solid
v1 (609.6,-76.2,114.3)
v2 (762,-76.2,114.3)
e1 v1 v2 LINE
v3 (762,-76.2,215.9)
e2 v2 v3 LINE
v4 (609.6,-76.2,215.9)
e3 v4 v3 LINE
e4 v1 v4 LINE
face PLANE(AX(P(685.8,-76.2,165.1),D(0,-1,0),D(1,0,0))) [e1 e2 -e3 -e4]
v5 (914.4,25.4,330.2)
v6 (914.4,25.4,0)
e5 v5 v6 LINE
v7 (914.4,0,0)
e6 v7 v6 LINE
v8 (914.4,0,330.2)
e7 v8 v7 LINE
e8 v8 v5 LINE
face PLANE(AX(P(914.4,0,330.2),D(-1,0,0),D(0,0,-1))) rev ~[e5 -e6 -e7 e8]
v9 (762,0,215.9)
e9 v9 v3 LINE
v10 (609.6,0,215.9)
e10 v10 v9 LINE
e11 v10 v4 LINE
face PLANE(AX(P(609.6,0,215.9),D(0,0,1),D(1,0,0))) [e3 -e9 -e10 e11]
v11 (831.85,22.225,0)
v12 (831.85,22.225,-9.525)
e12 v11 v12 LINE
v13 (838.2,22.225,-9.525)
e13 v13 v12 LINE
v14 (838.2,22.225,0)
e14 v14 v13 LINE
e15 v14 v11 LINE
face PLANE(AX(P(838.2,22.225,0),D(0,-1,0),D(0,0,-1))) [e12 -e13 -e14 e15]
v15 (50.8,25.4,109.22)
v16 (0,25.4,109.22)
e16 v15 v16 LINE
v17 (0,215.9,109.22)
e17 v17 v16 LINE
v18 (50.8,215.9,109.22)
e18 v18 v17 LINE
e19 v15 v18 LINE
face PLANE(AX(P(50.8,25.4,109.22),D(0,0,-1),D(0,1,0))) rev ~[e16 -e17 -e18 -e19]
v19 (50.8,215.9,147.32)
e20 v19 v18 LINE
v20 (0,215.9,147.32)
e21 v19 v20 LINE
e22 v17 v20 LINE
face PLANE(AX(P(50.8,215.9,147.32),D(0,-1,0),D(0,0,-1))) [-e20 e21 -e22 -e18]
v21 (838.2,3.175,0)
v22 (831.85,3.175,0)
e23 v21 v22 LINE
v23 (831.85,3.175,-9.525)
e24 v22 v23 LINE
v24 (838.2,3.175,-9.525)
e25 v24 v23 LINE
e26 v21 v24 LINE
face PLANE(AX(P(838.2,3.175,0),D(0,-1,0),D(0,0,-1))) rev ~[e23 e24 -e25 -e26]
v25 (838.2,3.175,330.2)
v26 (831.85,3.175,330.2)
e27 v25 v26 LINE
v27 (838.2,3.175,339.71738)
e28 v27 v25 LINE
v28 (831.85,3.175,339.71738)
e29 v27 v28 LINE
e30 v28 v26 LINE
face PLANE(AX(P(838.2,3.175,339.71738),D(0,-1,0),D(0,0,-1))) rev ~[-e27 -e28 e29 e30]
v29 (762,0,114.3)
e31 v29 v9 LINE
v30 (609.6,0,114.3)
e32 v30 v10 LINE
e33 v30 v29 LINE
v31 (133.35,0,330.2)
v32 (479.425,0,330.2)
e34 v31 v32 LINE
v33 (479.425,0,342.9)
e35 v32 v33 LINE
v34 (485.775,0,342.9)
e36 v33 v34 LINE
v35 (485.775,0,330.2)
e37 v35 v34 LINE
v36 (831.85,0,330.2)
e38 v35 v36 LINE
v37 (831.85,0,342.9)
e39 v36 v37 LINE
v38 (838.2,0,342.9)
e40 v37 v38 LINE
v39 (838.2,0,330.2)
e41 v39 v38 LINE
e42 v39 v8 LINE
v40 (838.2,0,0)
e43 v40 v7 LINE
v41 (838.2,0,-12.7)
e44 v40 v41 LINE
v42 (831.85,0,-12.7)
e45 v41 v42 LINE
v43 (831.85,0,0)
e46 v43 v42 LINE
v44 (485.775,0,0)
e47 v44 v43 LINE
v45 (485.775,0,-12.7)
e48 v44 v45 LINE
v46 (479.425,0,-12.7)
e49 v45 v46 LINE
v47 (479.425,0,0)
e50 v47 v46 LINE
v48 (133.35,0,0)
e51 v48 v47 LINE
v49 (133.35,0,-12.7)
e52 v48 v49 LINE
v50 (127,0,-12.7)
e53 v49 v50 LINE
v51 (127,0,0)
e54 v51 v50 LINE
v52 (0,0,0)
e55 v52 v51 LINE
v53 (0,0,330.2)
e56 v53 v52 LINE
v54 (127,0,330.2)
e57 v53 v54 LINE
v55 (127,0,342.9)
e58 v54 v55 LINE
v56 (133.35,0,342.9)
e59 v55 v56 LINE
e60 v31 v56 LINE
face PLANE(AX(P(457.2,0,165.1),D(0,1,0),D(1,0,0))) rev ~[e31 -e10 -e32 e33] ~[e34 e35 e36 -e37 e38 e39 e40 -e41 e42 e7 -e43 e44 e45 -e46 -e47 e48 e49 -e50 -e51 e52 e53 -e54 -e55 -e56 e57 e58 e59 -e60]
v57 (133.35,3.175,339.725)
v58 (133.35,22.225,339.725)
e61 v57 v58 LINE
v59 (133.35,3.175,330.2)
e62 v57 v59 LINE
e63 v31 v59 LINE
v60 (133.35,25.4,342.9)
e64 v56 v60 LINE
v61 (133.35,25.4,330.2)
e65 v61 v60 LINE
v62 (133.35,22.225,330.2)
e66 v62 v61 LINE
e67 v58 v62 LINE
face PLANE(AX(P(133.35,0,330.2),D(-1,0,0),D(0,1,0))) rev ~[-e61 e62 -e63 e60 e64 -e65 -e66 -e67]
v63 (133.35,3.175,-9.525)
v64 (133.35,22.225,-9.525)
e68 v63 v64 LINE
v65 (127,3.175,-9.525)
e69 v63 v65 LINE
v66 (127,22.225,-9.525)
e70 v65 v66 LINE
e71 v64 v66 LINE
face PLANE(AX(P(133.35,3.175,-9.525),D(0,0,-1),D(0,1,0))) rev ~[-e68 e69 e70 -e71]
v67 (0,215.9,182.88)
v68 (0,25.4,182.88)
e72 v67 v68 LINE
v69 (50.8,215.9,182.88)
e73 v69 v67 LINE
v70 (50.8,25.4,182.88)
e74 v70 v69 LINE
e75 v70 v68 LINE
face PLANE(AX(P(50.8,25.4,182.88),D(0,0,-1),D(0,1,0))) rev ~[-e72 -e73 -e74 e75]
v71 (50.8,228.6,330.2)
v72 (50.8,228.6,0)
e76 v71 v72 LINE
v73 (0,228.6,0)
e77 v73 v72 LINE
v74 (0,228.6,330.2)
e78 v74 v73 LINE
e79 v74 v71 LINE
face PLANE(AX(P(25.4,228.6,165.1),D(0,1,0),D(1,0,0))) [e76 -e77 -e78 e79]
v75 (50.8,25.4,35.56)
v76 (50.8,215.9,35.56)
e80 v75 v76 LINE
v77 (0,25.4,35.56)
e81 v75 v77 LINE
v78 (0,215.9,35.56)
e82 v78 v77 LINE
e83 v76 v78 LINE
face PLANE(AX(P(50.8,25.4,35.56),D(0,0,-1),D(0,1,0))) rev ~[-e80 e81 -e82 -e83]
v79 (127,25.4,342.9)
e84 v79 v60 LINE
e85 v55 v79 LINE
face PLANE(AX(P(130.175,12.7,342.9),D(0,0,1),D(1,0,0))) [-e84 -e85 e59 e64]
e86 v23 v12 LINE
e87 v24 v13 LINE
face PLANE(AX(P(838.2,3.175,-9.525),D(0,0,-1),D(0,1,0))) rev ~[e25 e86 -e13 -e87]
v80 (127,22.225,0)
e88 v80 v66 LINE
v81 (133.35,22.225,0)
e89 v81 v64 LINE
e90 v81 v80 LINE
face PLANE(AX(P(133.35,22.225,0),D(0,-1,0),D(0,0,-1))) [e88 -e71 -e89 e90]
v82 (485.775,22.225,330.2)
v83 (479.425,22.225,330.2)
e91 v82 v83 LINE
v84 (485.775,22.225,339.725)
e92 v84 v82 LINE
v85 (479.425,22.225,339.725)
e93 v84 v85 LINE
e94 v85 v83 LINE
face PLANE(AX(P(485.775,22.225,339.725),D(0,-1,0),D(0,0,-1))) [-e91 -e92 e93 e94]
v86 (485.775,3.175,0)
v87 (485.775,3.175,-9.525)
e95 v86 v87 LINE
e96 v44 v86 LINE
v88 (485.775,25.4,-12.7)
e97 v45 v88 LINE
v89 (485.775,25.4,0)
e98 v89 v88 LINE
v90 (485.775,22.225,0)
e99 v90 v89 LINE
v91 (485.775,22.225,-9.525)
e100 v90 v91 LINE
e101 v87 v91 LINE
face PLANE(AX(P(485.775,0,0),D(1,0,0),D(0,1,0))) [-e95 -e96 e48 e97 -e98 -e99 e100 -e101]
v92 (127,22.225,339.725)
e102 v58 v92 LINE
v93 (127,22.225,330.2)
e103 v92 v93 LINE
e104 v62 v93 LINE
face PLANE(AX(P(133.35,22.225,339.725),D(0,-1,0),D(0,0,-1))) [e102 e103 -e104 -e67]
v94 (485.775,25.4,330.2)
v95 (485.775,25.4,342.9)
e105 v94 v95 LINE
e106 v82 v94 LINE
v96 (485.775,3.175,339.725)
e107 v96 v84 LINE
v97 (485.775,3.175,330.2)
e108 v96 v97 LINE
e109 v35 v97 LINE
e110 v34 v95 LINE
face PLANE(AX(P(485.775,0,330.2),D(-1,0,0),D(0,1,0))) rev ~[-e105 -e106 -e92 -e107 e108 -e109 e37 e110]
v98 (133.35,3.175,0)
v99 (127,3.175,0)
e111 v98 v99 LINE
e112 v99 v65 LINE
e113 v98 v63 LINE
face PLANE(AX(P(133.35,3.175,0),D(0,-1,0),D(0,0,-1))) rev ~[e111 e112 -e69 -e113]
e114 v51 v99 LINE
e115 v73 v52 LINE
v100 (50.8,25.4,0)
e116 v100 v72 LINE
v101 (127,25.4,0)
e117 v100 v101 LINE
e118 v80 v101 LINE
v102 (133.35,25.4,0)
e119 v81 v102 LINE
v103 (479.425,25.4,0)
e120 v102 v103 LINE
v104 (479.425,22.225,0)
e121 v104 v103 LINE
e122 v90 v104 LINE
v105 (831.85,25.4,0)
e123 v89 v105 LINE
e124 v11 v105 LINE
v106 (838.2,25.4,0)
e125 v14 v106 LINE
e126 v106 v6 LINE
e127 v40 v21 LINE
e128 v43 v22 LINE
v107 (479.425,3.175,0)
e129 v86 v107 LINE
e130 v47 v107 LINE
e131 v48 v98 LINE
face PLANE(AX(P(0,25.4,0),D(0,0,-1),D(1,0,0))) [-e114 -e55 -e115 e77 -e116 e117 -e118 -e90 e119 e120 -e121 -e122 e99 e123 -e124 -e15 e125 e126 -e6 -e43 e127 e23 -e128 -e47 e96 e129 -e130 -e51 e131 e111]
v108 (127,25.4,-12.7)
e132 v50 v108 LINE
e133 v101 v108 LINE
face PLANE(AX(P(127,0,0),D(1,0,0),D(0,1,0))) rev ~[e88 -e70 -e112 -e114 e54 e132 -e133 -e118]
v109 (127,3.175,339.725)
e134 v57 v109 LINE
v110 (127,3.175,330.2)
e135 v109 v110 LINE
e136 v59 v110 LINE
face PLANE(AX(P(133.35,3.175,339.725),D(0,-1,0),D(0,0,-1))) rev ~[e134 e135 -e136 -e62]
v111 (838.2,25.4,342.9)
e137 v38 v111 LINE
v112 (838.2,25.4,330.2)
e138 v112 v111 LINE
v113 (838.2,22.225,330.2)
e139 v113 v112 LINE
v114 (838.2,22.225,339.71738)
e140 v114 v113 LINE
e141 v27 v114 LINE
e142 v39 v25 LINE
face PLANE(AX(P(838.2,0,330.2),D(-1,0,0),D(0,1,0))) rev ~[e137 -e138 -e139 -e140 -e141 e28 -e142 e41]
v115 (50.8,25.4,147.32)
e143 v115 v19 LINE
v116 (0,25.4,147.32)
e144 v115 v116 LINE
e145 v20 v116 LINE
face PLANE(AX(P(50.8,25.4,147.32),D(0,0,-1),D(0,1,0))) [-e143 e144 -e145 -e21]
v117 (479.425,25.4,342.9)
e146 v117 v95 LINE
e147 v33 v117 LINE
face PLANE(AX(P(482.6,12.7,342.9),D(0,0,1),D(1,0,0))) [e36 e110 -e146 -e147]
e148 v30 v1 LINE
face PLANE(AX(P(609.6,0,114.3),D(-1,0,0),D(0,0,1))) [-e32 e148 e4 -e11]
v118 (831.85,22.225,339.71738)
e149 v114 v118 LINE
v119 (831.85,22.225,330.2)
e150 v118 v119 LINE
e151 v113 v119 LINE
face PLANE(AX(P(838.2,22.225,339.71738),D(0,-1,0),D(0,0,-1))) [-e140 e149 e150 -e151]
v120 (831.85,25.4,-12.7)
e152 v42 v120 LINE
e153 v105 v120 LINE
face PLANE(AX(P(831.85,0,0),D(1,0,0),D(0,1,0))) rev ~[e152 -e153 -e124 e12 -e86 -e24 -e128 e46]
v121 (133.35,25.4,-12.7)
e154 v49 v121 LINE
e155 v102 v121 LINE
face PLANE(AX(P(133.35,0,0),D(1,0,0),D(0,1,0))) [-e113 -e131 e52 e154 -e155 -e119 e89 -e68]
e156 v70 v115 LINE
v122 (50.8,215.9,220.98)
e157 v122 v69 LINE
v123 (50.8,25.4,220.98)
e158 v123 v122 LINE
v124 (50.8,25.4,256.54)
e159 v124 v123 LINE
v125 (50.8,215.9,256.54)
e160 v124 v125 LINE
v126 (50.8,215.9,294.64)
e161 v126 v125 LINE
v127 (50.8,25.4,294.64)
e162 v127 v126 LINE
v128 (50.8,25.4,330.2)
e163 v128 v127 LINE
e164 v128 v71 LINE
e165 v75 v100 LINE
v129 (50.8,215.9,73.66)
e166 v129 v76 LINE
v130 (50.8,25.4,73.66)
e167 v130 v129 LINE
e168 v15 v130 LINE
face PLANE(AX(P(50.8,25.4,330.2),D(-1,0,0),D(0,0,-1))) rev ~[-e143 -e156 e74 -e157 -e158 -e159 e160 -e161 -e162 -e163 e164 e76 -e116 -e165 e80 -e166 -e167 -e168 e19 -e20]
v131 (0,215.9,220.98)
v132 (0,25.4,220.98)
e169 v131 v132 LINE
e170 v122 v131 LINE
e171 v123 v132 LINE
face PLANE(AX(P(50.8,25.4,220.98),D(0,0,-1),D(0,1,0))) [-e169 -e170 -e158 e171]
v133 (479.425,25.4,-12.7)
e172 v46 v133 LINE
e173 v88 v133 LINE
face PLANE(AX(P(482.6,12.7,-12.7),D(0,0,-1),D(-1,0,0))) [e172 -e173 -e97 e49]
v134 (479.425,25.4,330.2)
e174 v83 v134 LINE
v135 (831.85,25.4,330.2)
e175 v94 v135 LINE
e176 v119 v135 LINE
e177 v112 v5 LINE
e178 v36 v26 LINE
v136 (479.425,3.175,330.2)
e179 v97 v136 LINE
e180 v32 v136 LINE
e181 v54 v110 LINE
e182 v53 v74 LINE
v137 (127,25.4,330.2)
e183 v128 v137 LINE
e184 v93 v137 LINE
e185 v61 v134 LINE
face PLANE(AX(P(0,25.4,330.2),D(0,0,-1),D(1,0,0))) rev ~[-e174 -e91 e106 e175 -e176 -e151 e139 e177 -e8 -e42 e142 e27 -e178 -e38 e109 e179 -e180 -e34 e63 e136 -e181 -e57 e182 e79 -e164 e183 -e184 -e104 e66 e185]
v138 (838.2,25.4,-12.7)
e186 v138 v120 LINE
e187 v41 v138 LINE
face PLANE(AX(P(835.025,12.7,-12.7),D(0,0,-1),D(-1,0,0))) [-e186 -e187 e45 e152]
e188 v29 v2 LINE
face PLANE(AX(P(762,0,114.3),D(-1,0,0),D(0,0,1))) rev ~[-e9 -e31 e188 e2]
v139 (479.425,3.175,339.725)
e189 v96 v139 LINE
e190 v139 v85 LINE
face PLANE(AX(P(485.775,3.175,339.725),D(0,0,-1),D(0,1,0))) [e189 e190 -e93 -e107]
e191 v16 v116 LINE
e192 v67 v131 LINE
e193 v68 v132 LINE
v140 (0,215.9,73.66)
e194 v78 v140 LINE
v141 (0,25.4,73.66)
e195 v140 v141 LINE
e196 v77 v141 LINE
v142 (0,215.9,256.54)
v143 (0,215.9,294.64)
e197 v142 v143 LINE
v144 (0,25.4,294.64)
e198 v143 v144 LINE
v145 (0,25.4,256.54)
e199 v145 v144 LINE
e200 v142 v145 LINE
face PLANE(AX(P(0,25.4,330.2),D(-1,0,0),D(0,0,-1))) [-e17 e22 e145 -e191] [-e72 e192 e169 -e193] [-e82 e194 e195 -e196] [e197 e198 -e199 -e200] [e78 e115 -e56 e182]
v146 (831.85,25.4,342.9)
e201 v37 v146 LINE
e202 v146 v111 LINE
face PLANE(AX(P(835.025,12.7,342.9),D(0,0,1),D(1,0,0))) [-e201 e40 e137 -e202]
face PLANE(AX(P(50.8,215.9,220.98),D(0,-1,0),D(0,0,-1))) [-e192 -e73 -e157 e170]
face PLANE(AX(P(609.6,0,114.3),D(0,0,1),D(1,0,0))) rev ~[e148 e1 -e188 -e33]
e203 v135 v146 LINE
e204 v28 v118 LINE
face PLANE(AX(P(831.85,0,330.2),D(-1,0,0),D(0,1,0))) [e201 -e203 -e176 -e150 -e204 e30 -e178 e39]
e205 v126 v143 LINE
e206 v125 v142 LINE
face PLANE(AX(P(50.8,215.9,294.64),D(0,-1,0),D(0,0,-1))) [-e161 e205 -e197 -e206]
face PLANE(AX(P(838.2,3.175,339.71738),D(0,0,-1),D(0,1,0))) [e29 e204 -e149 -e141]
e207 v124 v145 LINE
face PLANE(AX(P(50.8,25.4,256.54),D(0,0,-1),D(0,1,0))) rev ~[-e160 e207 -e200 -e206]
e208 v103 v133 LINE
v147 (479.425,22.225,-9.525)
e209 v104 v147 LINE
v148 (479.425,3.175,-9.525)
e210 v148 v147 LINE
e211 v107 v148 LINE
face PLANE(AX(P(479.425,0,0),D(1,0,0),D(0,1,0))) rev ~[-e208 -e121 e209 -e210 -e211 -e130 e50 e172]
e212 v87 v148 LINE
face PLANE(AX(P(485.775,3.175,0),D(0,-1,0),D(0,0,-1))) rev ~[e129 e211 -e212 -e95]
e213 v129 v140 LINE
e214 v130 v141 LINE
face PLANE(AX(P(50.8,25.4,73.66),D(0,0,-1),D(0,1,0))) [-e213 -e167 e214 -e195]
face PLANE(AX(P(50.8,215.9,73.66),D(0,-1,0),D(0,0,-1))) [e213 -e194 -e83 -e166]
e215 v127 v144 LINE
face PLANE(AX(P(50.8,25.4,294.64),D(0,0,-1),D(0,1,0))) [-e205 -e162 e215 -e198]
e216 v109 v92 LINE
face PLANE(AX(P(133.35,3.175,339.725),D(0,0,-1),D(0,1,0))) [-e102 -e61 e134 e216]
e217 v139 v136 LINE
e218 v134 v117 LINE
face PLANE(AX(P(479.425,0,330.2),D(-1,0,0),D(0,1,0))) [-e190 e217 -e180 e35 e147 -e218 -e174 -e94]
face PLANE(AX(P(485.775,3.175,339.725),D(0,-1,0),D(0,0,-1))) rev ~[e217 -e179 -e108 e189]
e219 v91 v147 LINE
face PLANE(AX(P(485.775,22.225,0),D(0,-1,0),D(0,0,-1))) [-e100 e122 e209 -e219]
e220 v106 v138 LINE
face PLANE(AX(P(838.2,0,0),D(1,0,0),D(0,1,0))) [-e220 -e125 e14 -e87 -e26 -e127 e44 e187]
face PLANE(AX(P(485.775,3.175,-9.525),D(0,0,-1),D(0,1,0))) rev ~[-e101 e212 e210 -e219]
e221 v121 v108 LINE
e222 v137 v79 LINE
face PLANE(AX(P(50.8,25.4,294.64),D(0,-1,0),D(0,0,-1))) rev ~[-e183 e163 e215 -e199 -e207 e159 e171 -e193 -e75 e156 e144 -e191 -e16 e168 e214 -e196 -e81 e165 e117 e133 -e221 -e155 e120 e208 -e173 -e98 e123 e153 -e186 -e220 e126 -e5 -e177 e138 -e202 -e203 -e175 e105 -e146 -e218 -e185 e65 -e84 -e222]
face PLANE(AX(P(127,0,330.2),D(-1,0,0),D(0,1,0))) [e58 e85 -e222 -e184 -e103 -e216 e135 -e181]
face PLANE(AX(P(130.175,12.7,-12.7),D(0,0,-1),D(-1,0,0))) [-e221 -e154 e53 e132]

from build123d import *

# Parameters (mm, degrees)
SKETCH1_W           = 914.4
SKETCH1_H           = 330.2
BOSS_EXTRUDE1_DEPTH = 25.4
SKETCH2_W           = 50.8
SKETCH2_H           = 330.2
BOSS_EXTRUDE2_DEPTH = 203.2
SKETCH5_W           = 6.35
SKETCH5_H           = 25.4
BOSS_EXTRUDE3_DEPTH = 12.7
SKETCH6_W           = 9.525
SKETCH6_H           = 19.05
CUT_EXTRUDE1_DEPTH  = 6.35
SKETCH7_W           = 9.525
SKETCH7_H           = 19.05
CUT_EXTRUDE2_DEPTH  = 6.35
SKETCH8_W           = 9.51738
SKETCH8_H           = 19.05
CUT_EXTRUDE3_DEPTH  = 6.35
SKETCH9_W           = 6.35
SKETCH9_H           = 25.4
BOSS_EXTRUDE4_DEPTH = 12.7
SKETCH10_W          = 9.525
SKETCH10_H          = 19.05
CUT_EXTRUDE4_DEPTH  = 6.35
SKETCH11_W          = 9.525
SKETCH11_H          = 19.05
CUT_EXTRUDE5_DEPTH  = 6.35
SKETCH12_W          = 9.525
SKETCH12_H          = 19.05
CUT_EXTRUDE6_DEPTH  = 6.35
SKETCH15_W          = 38.1
SKETCH15_H          = 190.5
CUT_EXTRUDE7_DEPTH  = 51.8
SKETCH16_W          = 152.4
SKETCH16_H          = 101.6
BOSS_EXTRUDE5_DEPTH = 76.2


with BuildPart() as part:
    # Sketch1 → Boss-Extrude1 (new body)
    with BuildSketch(Plane(origin=(0, 0, 0), x_dir=(1, 0, 0), z_dir=(0, 1, 0))):
        with Locations((457.2, -165.1)):
            Rectangle(SKETCH1_W, SKETCH1_H)
    extrude(amount=BOSS_EXTRUDE1_DEPTH)

    # Sketch2 → Boss-Extrude2 (add)
    with BuildSketch(Plane(origin=(0, 25.4, 0), x_dir=(1, 0, 0), z_dir=(0, 1, 0))):
        with Locations((25.4, -165.1)):
            Rectangle(SKETCH2_W, SKETCH2_H)
    extrude(amount=BOSS_EXTRUDE2_DEPTH)

    # Sketch5 → Boss-Extrude3 (add)
    with BuildSketch(Plane.XY.offset(330.2)):
        with Locations((130.175, 12.7)):
            Rectangle(SKETCH5_W, SKETCH5_H)
        with Locations((482.6, 12.7)):
            Rectangle(SKETCH5_W, SKETCH5_H)
        with Locations((835.025, 12.7)):
            Rectangle(SKETCH5_W, SKETCH5_H)
    extrude(amount=BOSS_EXTRUDE3_DEPTH)

    # Sketch6 → Cut-Extrude1 (cut)
    with BuildSketch(Plane(origin=(133.35, 0, 0), x_dir=(0, 0, -1), z_dir=(1, 0, 0))):
        with Locations((-334.9625, 12.7)):
            Rectangle(SKETCH6_W, SKETCH6_H)
    extrude(amount=-CUT_EXTRUDE1_DEPTH, mode=Mode.SUBTRACT)

    # Sketch7 → Cut-Extrude2 (cut)
    with BuildSketch(Plane(origin=(485.775, 0, 0), x_dir=(0, 0, -1), z_dir=(1, 0, 0))):
        with Locations((-334.9625, 12.7)):
            Rectangle(SKETCH7_W, SKETCH7_H)
    extrude(amount=-CUT_EXTRUDE2_DEPTH, mode=Mode.SUBTRACT)

    # Sketch8 → Cut-Extrude3 (cut)
    with BuildSketch(Plane(origin=(838.2, 0, 0), x_dir=(0, 0, -1), z_dir=(1, 0, 0))):
        with Locations((-334.95869, 12.7)):
            Rectangle(SKETCH8_W, SKETCH8_H)
    extrude(amount=-CUT_EXTRUDE3_DEPTH, mode=Mode.SUBTRACT)

    # Sketch9 → Boss-Extrude4 (add)
    with BuildSketch(Plane(origin=(0, 0, 0), x_dir=(-1, 0, 0), z_dir=(0, 0, -1))):
        with Locations((-835.025, 12.7)):
            Rectangle(SKETCH9_W, SKETCH9_H)
        with Locations((-482.6, 12.7)):
            Rectangle(SKETCH9_W, SKETCH9_H)
        with Locations((-130.175, 12.7)):
            Rectangle(SKETCH9_W, SKETCH9_H)
    extrude(amount=BOSS_EXTRUDE4_DEPTH)

    # Sketch10 → Cut-Extrude4 (cut)
    with BuildSketch(Plane(origin=(133.35, 0, 0), x_dir=(0, 0, -1), z_dir=(1, 0, 0))):
        with Locations((4.7625, 12.7)):
            Rectangle(SKETCH10_W, SKETCH10_H)
    extrude(amount=-CUT_EXTRUDE4_DEPTH, mode=Mode.SUBTRACT)

    # Sketch11 → Cut-Extrude5 (cut)
    with BuildSketch(Plane(origin=(485.775, 0, 0), x_dir=(0, 0, -1), z_dir=(1, 0, 0))):
        with Locations((4.7625, 12.7)):
            Rectangle(SKETCH11_W, SKETCH11_H)
    extrude(amount=-CUT_EXTRUDE5_DEPTH, mode=Mode.SUBTRACT)

    # Sketch12 → Cut-Extrude6 (cut)
    with BuildSketch(Plane(origin=(838.2, 0, 0), x_dir=(0, 0, -1), z_dir=(1, 0, 0))):
        with Locations((4.7625, 12.7)):
            Rectangle(SKETCH12_W, SKETCH12_H)
    extrude(amount=-CUT_EXTRUDE6_DEPTH, mode=Mode.SUBTRACT)

    # Sketch15 → Cut-Extrude7 (cut, through all)
    with BuildSketch(Plane(origin=(50.8, 0, 0), x_dir=(0, 0, -1), z_dir=(1, 0, 0))):
        with Locations((-275.59, 120.65)):
            Rectangle(SKETCH15_W, SKETCH15_H)
        with Locations((-201.93, 120.65)):
            Rectangle(SKETCH15_W, SKETCH15_H)
        with Locations((-128.27, 120.65)):
            Rectangle(SKETCH15_W, SKETCH15_H)
        with Locations((-54.61, 120.65)):
            Rectangle(SKETCH15_W, SKETCH15_H)
    extrude(amount=-CUT_EXTRUDE7_DEPTH, mode=Mode.SUBTRACT)

    # Sketch16 → Boss-Extrude5 (add)
    with BuildSketch(Plane.XZ):
        with Locations((685.8, 165.1)):
            Rectangle(SKETCH16_W, SKETCH16_H)
    extrude(amount=BOSS_EXTRUDE5_DEPTH)


solid = part.part
